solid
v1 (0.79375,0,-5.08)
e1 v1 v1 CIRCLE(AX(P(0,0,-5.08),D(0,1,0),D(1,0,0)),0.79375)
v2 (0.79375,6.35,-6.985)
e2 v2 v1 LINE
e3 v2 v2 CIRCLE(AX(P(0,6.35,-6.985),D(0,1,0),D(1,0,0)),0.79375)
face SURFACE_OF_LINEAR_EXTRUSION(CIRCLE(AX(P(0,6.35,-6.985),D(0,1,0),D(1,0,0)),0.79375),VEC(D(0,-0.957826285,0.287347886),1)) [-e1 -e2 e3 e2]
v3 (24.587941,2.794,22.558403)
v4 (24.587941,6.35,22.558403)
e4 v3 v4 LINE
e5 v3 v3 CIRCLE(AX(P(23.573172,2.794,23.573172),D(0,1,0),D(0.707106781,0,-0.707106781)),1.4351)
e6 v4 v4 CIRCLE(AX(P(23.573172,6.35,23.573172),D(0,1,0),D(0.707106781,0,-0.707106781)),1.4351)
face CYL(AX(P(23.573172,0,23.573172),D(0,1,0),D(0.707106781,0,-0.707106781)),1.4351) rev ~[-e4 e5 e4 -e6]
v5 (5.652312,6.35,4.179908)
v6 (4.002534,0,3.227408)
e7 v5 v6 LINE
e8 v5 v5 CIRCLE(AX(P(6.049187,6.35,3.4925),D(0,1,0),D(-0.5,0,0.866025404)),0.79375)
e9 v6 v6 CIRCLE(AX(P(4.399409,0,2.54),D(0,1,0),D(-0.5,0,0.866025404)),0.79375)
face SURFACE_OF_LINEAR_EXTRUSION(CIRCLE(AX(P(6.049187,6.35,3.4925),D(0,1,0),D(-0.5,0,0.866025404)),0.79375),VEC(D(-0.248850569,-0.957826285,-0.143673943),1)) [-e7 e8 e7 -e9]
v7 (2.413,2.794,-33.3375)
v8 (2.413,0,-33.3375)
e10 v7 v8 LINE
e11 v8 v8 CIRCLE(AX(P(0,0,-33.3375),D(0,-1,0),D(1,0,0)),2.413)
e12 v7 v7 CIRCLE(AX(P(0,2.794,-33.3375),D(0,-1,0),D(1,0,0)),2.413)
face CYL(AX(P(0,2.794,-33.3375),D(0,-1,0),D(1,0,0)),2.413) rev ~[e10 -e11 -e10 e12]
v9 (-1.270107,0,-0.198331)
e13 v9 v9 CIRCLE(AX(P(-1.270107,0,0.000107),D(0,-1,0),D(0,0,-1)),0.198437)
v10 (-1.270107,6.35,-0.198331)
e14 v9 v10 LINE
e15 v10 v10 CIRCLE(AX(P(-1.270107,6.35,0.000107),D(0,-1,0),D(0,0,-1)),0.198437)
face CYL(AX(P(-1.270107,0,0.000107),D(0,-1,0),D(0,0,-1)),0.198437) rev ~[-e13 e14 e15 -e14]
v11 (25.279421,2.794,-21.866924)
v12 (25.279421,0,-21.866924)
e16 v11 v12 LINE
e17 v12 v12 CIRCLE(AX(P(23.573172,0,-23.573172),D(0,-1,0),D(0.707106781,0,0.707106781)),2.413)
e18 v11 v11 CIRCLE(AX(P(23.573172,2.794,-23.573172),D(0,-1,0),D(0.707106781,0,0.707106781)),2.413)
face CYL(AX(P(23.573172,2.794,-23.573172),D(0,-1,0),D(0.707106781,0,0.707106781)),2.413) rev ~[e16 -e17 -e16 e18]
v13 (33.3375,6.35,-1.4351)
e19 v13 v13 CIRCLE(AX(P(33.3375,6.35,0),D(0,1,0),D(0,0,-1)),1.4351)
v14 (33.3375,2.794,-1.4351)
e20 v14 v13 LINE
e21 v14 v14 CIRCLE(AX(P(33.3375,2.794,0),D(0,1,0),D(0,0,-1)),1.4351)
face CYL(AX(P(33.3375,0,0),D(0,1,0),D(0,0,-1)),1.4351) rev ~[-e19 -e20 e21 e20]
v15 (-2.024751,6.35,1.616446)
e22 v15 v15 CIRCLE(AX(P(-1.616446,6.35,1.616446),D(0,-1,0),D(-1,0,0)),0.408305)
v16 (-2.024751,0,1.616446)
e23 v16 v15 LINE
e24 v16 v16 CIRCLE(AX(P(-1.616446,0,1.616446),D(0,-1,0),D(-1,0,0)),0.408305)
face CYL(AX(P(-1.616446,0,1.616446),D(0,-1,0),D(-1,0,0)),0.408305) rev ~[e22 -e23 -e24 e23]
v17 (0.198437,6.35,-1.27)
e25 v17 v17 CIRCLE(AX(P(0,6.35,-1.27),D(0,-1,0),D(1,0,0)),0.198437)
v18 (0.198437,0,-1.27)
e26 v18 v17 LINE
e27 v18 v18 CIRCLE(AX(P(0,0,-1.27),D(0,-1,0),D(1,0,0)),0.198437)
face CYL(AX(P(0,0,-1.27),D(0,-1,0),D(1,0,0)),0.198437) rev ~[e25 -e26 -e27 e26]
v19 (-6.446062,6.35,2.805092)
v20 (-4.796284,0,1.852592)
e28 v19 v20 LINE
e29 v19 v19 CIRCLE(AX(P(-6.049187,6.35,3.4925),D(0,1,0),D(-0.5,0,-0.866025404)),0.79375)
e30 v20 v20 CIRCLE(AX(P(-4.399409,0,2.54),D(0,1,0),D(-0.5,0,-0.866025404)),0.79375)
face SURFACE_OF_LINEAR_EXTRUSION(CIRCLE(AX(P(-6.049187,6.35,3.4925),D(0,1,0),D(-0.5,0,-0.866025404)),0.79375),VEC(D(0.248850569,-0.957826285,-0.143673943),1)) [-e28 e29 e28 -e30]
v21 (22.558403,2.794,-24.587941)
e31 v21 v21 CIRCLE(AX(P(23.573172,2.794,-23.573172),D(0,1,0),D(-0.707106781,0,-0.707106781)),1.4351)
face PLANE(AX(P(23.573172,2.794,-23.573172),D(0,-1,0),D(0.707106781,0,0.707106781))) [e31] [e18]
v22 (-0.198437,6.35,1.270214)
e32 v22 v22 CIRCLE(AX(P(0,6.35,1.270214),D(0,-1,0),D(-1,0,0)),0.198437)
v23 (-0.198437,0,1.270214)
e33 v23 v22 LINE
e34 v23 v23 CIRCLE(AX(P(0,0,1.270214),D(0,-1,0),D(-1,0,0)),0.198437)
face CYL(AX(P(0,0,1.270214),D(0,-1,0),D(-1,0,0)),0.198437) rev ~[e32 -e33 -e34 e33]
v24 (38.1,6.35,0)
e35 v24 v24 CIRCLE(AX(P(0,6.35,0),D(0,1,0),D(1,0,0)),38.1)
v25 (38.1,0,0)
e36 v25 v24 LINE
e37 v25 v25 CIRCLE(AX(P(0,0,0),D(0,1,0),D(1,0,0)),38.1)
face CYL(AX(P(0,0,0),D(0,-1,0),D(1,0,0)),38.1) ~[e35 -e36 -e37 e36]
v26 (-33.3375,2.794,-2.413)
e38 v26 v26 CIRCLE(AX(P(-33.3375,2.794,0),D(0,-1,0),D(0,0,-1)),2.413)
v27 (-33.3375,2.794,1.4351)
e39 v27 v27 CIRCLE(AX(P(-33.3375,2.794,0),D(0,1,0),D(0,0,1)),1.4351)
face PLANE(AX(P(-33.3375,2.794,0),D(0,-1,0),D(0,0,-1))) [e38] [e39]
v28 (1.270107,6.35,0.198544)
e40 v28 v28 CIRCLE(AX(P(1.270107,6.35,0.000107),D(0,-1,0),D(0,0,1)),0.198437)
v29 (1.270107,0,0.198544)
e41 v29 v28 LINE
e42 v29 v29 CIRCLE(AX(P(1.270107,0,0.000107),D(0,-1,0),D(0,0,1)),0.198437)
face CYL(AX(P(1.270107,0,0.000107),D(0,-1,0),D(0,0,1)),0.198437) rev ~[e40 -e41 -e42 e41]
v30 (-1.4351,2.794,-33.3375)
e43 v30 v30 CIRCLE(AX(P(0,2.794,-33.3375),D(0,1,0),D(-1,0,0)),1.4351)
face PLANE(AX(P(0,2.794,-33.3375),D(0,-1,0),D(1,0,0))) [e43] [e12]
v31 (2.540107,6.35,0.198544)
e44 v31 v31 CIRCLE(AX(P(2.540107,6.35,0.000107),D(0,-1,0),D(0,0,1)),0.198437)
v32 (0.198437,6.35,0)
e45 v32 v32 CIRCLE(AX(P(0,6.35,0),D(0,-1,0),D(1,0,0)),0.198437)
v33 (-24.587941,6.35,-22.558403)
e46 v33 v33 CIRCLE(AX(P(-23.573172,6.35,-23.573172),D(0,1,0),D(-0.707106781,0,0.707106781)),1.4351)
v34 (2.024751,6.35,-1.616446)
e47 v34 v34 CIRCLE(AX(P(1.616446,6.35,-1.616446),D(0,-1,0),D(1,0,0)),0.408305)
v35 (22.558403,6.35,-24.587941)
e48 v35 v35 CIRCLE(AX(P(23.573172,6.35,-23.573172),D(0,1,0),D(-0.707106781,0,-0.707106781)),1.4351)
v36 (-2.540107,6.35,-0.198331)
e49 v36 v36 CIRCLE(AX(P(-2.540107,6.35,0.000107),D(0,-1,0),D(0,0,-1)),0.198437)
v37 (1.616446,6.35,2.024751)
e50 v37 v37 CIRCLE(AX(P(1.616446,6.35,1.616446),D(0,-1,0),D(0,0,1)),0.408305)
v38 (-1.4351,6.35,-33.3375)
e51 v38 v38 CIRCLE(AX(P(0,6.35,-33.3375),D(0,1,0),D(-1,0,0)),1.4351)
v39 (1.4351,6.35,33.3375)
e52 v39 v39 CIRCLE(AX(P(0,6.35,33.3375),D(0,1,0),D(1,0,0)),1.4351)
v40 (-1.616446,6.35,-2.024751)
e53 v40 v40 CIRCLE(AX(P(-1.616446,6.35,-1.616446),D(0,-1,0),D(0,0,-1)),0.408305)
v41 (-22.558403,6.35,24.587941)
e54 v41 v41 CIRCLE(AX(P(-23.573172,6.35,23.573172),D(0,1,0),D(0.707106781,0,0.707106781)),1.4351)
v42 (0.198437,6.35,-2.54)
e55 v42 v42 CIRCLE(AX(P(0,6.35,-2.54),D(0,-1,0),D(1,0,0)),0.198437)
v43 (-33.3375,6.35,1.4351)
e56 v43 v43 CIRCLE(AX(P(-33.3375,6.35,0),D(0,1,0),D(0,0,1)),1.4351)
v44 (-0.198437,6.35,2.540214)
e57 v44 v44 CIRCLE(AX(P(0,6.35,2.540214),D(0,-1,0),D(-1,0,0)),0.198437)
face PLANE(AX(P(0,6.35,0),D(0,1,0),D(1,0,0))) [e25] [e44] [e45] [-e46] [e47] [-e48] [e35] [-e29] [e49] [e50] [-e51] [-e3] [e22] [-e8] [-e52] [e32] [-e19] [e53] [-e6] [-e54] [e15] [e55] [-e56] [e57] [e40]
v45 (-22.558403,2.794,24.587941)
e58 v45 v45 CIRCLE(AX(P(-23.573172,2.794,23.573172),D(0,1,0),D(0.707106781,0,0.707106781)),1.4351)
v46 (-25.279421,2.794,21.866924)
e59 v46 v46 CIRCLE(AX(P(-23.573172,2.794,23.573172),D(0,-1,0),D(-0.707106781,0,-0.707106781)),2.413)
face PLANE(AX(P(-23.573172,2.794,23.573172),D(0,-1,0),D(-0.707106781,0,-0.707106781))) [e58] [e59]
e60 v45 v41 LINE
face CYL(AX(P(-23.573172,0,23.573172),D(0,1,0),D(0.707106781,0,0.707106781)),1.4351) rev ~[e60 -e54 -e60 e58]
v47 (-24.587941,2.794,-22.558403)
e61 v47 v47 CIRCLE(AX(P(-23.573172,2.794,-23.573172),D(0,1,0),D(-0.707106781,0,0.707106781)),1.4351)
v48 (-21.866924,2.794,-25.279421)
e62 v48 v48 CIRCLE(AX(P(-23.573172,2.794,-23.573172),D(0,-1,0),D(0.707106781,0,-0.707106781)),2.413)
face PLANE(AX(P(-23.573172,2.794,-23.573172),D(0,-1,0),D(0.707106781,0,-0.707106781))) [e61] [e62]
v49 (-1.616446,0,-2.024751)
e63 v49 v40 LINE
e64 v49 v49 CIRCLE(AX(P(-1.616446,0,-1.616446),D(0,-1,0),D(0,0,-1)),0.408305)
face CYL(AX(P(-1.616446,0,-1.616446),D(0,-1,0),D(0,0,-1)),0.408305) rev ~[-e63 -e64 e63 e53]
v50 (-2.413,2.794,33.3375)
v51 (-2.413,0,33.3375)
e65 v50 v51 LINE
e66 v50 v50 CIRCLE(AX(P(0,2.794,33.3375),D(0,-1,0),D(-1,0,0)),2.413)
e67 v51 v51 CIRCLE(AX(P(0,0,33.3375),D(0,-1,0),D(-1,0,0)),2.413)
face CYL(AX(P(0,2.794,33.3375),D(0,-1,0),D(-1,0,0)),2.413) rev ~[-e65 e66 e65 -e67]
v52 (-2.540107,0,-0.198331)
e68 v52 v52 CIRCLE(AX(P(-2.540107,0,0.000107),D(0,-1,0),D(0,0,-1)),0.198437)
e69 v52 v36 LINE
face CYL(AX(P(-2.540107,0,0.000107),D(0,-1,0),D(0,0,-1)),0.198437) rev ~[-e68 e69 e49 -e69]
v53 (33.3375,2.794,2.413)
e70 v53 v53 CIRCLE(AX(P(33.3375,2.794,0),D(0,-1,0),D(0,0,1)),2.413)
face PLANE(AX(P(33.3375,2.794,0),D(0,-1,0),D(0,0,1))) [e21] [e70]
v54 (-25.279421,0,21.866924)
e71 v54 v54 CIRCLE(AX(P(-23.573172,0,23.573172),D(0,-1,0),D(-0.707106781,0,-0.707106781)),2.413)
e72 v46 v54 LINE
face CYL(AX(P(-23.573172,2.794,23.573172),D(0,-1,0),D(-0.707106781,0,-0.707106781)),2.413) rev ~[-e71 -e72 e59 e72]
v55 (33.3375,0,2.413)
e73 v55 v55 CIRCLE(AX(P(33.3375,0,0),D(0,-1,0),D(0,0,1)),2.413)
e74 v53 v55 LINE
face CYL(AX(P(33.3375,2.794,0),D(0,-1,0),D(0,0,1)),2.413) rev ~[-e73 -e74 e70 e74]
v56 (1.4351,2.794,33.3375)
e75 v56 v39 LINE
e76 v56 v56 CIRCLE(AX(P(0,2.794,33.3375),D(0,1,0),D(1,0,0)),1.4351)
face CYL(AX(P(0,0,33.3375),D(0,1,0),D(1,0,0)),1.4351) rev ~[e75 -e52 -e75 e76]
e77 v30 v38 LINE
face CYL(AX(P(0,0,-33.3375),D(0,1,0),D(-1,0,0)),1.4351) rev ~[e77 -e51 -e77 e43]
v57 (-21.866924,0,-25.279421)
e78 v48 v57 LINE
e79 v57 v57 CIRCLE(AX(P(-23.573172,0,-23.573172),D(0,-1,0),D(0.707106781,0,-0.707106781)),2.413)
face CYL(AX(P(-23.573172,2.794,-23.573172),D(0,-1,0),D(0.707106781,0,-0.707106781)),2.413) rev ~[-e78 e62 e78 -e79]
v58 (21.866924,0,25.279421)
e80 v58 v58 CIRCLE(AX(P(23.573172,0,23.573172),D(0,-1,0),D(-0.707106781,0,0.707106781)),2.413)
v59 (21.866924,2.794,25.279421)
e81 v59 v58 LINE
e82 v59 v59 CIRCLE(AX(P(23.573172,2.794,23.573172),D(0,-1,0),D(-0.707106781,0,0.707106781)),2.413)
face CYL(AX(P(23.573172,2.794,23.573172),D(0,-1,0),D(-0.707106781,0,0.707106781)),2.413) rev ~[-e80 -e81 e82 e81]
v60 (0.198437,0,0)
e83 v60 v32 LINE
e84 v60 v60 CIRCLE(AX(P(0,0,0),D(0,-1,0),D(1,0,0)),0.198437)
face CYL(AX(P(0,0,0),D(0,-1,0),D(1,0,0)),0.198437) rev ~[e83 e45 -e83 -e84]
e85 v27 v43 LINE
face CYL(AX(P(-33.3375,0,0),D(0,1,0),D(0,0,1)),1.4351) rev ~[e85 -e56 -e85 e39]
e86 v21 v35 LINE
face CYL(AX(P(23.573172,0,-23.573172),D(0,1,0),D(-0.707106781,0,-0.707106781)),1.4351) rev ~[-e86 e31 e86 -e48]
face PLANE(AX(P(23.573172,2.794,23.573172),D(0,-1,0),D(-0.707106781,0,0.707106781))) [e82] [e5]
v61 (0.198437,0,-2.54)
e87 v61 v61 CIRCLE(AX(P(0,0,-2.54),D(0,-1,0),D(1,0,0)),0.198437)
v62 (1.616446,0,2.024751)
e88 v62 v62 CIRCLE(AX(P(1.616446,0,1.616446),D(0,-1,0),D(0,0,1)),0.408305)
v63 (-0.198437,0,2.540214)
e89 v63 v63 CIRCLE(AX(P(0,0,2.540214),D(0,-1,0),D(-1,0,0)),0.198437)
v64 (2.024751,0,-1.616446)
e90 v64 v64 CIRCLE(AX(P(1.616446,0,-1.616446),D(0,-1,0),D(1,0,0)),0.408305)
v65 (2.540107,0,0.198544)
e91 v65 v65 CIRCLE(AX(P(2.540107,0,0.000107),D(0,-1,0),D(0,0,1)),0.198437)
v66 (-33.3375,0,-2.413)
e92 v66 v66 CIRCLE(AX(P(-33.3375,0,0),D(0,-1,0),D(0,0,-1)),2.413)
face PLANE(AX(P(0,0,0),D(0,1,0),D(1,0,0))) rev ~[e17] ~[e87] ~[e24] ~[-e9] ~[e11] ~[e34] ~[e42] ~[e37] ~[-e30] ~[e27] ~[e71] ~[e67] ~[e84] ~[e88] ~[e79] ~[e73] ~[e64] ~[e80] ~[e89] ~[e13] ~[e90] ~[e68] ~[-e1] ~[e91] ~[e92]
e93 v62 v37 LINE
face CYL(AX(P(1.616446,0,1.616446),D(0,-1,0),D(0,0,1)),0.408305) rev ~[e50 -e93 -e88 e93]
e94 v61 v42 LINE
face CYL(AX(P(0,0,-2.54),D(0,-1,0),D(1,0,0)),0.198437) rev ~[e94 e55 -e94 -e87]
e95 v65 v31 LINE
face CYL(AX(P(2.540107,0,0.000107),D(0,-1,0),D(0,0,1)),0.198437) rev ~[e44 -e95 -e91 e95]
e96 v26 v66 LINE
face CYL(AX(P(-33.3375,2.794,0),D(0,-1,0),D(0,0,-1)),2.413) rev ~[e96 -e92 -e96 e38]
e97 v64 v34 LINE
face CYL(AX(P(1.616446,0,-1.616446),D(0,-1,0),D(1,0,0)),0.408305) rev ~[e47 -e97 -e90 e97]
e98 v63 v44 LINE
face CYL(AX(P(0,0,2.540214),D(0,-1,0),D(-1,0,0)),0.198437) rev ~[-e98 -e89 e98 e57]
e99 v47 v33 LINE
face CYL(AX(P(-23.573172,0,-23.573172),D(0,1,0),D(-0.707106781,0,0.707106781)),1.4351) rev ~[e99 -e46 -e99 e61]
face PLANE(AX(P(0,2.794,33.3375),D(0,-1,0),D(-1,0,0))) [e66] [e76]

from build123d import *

# Parameters (mm, degrees)
SKETCH1_R                                      = 38.1
BOSS_EXTRUDE1_DEPTH                            = 6.35
CBORE_FOR_4_BUTTON_HEAD_CAP_SCREW1_D           = 2.8702
CBORE_FOR_4_BUTTON_HEAD_CAP_SCREW1_CBORE_D     = 4.826
CBORE_FOR_4_BUTTON_HEAD_CAP_SCREW1_CBORE_DEPTH = 2.794
CIRPATTERN1_COUNT                              = 8
SKETCH6_R                                      = 0.1984375
CUT_EXTRUDE1_DEPTH                             = 55.254423783
CIRPATTERN2_COUNT                              = 4
SKETCH6_3_R                                    = 0.1984375
CUT_EXTRUDE2_DEPTH                             = 55.254423783
SKETCH6_5_R                                    = 0.408305
CUT_EXTRUDE4_DEPTH                             = 55.254423783
CIRPATTERN4_COUNT                              = 4
SKETCH7_R                                      = 0.79375
CIRPATTERN6_COUNT                              = 3


with BuildPart() as part:
    # Sketch1 → Boss-Extrude1 (new body)
    with BuildSketch(Plane(origin=(0, 0, 0), x_dir=(1, 0, 0), z_dir=(0, 1, 0))):
        Circle(SKETCH1_R)
    extrude(amount=BOSS_EXTRUDE1_DEPTH)

    # CBORE for #4 Button Head Cap Screw1 (through all)
    with Locations(Plane(origin=(0, 0, 0), x_dir=(-1, 0, 0), z_dir=(0, -1, 0))):
        with Locations((0, -33.3375)):
            cbore_for_4_button_head_cap_screw1 = CounterBoreHole(CBORE_FOR_4_BUTTON_HEAD_CAP_SCREW1_D / 2, CBORE_FOR_4_BUTTON_HEAD_CAP_SCREW1_CBORE_D / 2, CBORE_FOR_4_BUTTON_HEAD_CAP_SCREW1_CBORE_DEPTH)

    # CirPattern1: CBORE for #4 Button Head Cap Screw1 ×8 about axis
    cirpattern1_axis = Axis((0, 0, 0), (0, 1, 0))
    for i in range(1, CIRPATTERN1_COUNT):
        add(cbore_for_4_button_head_cap_screw1.rotate(cirpattern1_axis, i * 360 / CIRPATTERN1_COUNT), mode=Mode.SUBTRACT)

    # Sketch6 → Cut-Extrude1 (cut, through all)
    with BuildSketch(Plane.XZ):
        with Locations((0, -2.54)):
            Circle(SKETCH6_R)
        with Locations((0, -1.27)):
            Circle(SKETCH6_R)
    cut_extrude1 = extrude(amount=-CUT_EXTRUDE1_DEPTH, mode=Mode.SUBTRACT)

    # CirPattern2: Cut-Extrude1 ×4 about axis
    cirpattern2_axis = Axis((0, 0, 0), (0, -1, 0))
    for i in range(1, CIRPATTERN2_COUNT):
        add(cut_extrude1.rotate(cirpattern2_axis, i * 360 / CIRPATTERN2_COUNT), mode=Mode.SUBTRACT)

    # Sketch6<3> → Cut-Extrude2 (cut, through all)
    with BuildSketch(Plane.XZ):
        Circle(SKETCH6_3_R)
    extrude(amount=-CUT_EXTRUDE2_DEPTH, mode=Mode.SUBTRACT)

    # Sketch6<5> → Cut-Extrude4 (cut, through all)
    with BuildSketch(Plane.XZ):
        with Locations((1.616446102, -1.616446102)):
            Circle(SKETCH6_5_R)
    cut_extrude4 = extrude(amount=-CUT_EXTRUDE4_DEPTH, mode=Mode.SUBTRACT)

    # CirPattern4: Cut-Extrude4 ×4 about axis
    cirpattern4_axis = Axis((0, 6.35, 0), (0, -1, 0))
    for i in range(1, CIRPATTERN4_COUNT):
        add(cut_extrude4.rotate(cirpattern4_axis, i * 360 / CIRPATTERN4_COUNT), mode=Mode.SUBTRACT)

    # Cut-Sweep1: sweep along a curve in space
    with BuildLine() as cut_sweep1_path:
        Line((0, 6.35, -6.985), (0, 0, -5.08))
    # Sketch7 → Cut-Sweep1 (sweep, cut)
    with BuildSketch(Plane(origin=(0, 6.35, 0), x_dir=(1, 0, 0), z_dir=(0, 1, 0))):
        with Locations((0, 6.985)):
            Circle(SKETCH7_R)
    cut_sweep1 = sweep(path=cut_sweep1_path.line, mode=Mode.SUBTRACT)

    # CirPattern6: Cut-Sweep1 ×3 about axis
    cirpattern6_axis = Axis((0, 6.35, 0), (0, -1, 0))
    for i in range(1, CIRPATTERN6_COUNT):
        add(cut_sweep1.rotate(cirpattern6_axis, i * 360 / CIRPATTERN6_COUNT), mode=Mode.SUBTRACT)


solid = part.part
